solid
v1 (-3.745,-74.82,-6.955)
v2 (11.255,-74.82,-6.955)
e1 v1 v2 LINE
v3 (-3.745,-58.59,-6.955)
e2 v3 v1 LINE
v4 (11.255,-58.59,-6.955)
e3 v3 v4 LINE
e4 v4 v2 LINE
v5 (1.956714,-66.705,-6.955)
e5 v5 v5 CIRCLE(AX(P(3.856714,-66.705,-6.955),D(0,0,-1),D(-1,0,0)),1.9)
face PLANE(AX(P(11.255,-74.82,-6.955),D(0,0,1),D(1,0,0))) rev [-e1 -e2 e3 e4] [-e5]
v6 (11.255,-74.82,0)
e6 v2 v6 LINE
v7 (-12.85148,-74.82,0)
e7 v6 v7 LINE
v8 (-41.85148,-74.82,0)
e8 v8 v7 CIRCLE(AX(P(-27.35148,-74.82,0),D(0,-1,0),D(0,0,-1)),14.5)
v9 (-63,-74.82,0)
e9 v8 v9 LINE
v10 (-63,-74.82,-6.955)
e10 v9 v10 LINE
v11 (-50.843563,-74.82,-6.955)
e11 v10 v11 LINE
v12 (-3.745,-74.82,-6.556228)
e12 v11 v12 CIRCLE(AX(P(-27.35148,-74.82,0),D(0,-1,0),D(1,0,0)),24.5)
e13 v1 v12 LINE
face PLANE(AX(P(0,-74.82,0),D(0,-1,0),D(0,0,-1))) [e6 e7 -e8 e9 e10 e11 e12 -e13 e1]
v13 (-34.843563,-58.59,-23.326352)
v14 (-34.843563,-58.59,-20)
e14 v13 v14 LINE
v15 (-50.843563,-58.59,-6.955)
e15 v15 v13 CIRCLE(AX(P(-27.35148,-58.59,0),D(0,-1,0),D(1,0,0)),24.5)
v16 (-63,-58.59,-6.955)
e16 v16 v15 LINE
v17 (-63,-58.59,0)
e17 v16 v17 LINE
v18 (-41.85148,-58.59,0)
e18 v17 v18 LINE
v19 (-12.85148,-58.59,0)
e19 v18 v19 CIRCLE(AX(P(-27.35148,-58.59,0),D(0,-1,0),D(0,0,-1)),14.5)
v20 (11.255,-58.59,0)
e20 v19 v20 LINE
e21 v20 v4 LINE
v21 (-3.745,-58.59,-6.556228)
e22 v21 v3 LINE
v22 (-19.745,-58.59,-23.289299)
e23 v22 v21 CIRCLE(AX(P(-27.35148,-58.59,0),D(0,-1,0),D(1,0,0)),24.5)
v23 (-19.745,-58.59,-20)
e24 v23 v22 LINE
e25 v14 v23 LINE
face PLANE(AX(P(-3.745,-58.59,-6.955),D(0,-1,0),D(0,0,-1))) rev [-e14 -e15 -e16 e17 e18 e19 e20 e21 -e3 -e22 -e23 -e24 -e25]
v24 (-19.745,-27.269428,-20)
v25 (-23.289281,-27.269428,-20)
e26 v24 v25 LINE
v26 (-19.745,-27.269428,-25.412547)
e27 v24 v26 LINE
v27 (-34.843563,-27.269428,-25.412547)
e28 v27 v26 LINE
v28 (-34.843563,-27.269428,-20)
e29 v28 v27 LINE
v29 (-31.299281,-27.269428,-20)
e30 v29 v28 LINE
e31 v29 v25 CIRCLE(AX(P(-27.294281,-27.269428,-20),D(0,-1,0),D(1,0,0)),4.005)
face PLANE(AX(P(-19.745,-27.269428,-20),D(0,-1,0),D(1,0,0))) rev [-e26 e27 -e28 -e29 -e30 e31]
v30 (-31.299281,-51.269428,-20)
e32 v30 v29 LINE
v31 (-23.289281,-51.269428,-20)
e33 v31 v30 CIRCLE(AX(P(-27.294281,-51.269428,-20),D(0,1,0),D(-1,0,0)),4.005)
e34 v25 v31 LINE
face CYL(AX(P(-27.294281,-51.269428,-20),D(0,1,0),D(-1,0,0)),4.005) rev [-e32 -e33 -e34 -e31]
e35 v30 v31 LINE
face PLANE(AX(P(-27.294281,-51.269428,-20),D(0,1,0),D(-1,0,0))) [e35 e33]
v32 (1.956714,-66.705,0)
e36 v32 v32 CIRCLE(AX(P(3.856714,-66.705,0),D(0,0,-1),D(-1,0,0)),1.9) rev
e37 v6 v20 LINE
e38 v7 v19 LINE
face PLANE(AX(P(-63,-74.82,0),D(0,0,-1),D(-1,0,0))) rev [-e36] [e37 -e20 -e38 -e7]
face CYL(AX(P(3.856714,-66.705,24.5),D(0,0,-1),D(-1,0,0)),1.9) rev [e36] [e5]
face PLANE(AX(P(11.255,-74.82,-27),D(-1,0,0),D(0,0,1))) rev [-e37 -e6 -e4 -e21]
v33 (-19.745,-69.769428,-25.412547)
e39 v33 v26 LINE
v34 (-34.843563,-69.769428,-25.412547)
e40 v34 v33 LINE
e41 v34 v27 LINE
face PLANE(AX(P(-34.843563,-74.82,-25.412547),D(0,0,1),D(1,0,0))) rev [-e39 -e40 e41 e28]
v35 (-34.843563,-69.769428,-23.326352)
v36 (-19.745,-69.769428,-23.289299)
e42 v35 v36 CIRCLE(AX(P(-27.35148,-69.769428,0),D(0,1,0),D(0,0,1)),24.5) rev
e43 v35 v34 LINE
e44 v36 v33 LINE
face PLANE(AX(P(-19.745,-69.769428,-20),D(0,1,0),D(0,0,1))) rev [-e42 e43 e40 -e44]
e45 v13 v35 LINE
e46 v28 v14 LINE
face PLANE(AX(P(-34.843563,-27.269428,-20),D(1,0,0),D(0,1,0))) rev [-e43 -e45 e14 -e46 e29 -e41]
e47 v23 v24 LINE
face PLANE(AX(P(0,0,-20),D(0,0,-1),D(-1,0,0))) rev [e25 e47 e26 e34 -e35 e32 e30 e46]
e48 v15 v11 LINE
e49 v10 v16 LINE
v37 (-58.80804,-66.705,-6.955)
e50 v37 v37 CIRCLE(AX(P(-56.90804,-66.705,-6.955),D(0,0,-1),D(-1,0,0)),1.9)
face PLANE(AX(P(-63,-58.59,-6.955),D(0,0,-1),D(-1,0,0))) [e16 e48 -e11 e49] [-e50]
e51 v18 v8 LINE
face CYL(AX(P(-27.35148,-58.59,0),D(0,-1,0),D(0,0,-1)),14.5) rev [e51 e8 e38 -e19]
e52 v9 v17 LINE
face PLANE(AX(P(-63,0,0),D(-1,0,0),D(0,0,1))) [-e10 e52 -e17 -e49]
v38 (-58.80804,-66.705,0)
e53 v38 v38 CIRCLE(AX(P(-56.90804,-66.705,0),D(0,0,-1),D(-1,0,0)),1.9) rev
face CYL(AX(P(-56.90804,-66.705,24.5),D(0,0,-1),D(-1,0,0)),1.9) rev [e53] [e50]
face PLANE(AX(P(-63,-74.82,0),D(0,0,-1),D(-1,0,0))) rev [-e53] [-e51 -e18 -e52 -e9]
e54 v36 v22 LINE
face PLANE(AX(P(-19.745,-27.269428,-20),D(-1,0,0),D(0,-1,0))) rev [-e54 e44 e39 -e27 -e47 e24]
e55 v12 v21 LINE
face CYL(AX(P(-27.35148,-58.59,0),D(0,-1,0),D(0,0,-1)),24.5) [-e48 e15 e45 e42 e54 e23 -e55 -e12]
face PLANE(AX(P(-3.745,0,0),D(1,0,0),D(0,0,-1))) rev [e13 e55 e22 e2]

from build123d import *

# Parameters (mm, degrees)
SKETCH_1_W                = 48.51
SKETCH_1_H                = 34
SKETCH_1_W_2              = 28.51
SKETCH_1_H_2              = 14
EXTRUDE_1_DEPTH           = 12.25
SKETCH_2_R                = 1.91
CUT_EXTRUDE_1_DEPTH       = 33.05257439
SKETCH_4_W                = 13
SKETCH_4_H                = 13.91
EXTRUDE_1_2_DEPTH         = 74.82
SKETCH_5_W                = 13.91
SKETCH_5_H                = 16.23
EXTRUDE_2_DEPTH           = 15
SKETCH_7_R                = 24.5
SKETCH_7_R_2              = 14.5
EXTRUDE_2_2_DEPTH         = 16.23
SKETCH_12_R               = 1.9
CUT_EXTRUDE_4_DEPTH       = 97.312124675
EXTRUDE_3_DEPTH           = 10
EXTRUDE_3_DEPTH_BACK      = 8
SKETCH_13_W               = 13.91
SKETCH_13_H               = 16.23
SKETCH_14_R               = 1.9
CUT_EXTRUDE_5_DEPTH       = 103.744583434
SKETCH_16_W               = 90.709398763
SKETCH_16_H               = 28.955068616
CUT_EXTRUDE_7_DEPTH       = 111.229011154
SKETCH_18_W               = 13
SKETCH_18_H               = 93.080932143
CUT_EXTRUDE_10_DEPTH      = 27
CUT_EXTRUDE_11_DEPTH      = 57
CUT_EXTRUDE_11_DEPTH_BACK = 27
SKETCH_17_W               = 20.23049449
SKETCH_17_H               = 80.723570055
SKETCH_21_W               = 15.09856282
SKETCH_21_H               = 42.5
EXTRUDE_6_DEPTH           = 10
SKETCH_22_R               = 4.005
CUT_EXTRUDE_12_DEPTH      = 24
SKETCH_23_W               = 15.09856282
SKETCH_23_H               = 4.587452919
CUT_EXTRUDE_13_DEPTH      = 85.439664289


with BuildPart() as part:
    # 草圖1 → Extrude 1 (new body)
    with BuildSketch(Plane(origin=(0, 0, 0), x_dir=(1, 0, 0), z_dir=(0, 1, 0))):
        Rectangle(SKETCH_1_W, SKETCH_1_H)
        Rectangle(SKETCH_1_W_2, SKETCH_1_H_2, mode=Mode.SUBTRACT)
    extrude(amount=EXTRUDE_1_DEPTH)

    # 草圖2 → 除料-伸長1 (cut, through all)
    with BuildSketch(Plane(origin=(0, 12.25, 0), x_dir=(1, 0, 0), z_dir=(0, 1, 0))):
        with Locations(Location((-19.255, 0, 0), (0, 0, 270))):
            Circle(SKETCH_2_R)
        with Locations(Location((19.255, 0, 0), (0, 0, 270))):
            Circle(SKETCH_2_R)
    extrude(amount=-CUT_EXTRUDE_1_DEPTH, mode=Mode.SUBTRACT)

    # 草圖4 → Extrude 1 2 (add)
    with BuildSketch(Plane.XZ):
        with Locations((17.755, 0)):
            Rectangle(SKETCH_4_W, SKETCH_4_H)
    extrude(amount=EXTRUDE_1_2_DEPTH)

    # 草圖5 → Extrude 2 (add)
    with BuildSketch(Plane.ZY.offset(-11.255)):
        with Locations((0, -66.705)):
            Rectangle(SKETCH_5_W, SKETCH_5_H)
    extrude(amount=EXTRUDE_2_DEPTH)

    # 草圖7 → Extrude 2 2 (add)
    with BuildSketch(Plane(origin=(3.626674765, -74.82, 0), x_dir=(1, 0, 0), z_dir=(0, -1, 0))):
        with Locations((-30.978154344, 0)):
            Circle(SKETCH_7_R)
        with Locations((-30.978154344, 0)):
            Circle(SKETCH_7_R_2, mode=Mode.SUBTRACT)
    extrude(amount=-EXTRUDE_2_2_DEPTH)

    # 草圖12 → 除料-伸長4 (cut, through all)
    with BuildSketch(Plane(origin=(0, 0, -6.955), x_dir=(-1, 0, 0), z_dir=(0, 0, -1))):
        with Locations((-3.856713649, -66.705)):
            Circle(SKETCH_12_R)
    extrude(amount=-CUT_EXTRUDE_4_DEPTH, mode=Mode.SUBTRACT)

    # 草圖13 → 填料-伸長3 (add, two sides: drawn at the far end of the back side and taken through both)
    with BuildSketch(Plane(origin=(-55, 0, 0), x_dir=(0, 0, -1), z_dir=(1, 0, 0)).offset(-EXTRUDE_3_DEPTH_BACK)):
        with Locations((0, -66.705)):
            Rectangle(SKETCH_13_W, SKETCH_13_H)
    extrude(amount=EXTRUDE_3_DEPTH + EXTRUDE_3_DEPTH_BACK)

    # 草圖14 → 除料-伸長5 (cut, through all)
    with BuildSketch(Plane(origin=(0, 0, -6.955), x_dir=(-1, 0, 0), z_dir=(0, 0, -1))):
        with Locations((56.908040017, -66.705)):
            Circle(SKETCH_14_R)
    extrude(amount=-CUT_EXTRUDE_5_DEPTH, mode=Mode.SUBTRACT)

    # 草圖16 → 除料-伸長7 (cut, through all)
    with BuildSketch(Plane(origin=(0, 12.25, 0), x_dir=(1, 0, 0), z_dir=(0, 1, 0))):
        with Locations((-17.645300619, -14.477534308)):
            Rectangle(SKETCH_16_W, SKETCH_16_H)
    extrude(amount=-CUT_EXTRUDE_7_DEPTH, mode=Mode.SUBTRACT)

    # 草圖18 → 除料-伸長10 (cut)
    with BuildSketch(Plane.XY):
        with Locations((17.755, -28.279533929)):
            Rectangle(SKETCH_18_W, SKETCH_18_H)
    extrude(amount=-CUT_EXTRUDE_10_DEPTH, mode=Mode.SUBTRACT)


with BuildPart() as cut_extrude_10_piece_1:
    # of the separate pieces the step leaves, piece 1, a body of its own (cut_extrude_10_pieces)
    add(part.part.solids().sort_by_distance((11.255, -58.59, -6.955))[0])

    # 草圖21 → 填料-伸長6 (add)
    with BuildSketch(Plane.XY.offset(-30)):
        with Locations((-27.29428141, -48.519427919)):
            Rectangle(SKETCH_21_W, SKETCH_21_H)
    extrude(amount=EXTRUDE_6_DEPTH)

    # 草圖22 → 除料-伸長12 (cut)
    with BuildSketch(Plane(origin=(0, -27.269427919, 0), x_dir=(1, 0, 0), z_dir=(0, 1, 0))):
        with Locations((-27.29428141, 20)):
            Circle(SKETCH_22_R)
    extrude(amount=-CUT_EXTRUDE_12_DEPTH, mode=Mode.SUBTRACT)

    # 草圖23 → 除料-伸長13 (cut, through all)
    with BuildSketch(Plane(origin=(0, -27.269427919, 0), x_dir=(1, 0, 0), z_dir=(0, 1, 0))):
        with Locations((-27.29428141, 27.706273541)):
            Rectangle(SKETCH_23_W, SKETCH_23_H)
    extrude(amount=-CUT_EXTRUDE_13_DEPTH, mode=Mode.SUBTRACT)


with BuildPart() as cut_extrude_10_piece_2:
    # of the separate pieces the step leaves, piece 2, a body of its own (cut_extrude_10_pieces)
    add(part.part.solids().sort_by_distance((-17.345, 0, 0))[0])

    # 草圖17 → 除料-伸長11 (cut, two sides: drawn at the far end of the back side and taken through both)
    with BuildSketch(Plane.ZY.offset(-11.255).offset(-CUT_EXTRUDE_11_DEPTH_BACK)):
        with Locations((-10.115247245, -18.228214973)):
            Rectangle(SKETCH_17_W, SKETCH_17_H)
    extrude(amount=CUT_EXTRUDE_11_DEPTH + CUT_EXTRUDE_11_DEPTH_BACK, mode=Mode.SUBTRACT)


solid = cut_extrude_10_piece_1.part
